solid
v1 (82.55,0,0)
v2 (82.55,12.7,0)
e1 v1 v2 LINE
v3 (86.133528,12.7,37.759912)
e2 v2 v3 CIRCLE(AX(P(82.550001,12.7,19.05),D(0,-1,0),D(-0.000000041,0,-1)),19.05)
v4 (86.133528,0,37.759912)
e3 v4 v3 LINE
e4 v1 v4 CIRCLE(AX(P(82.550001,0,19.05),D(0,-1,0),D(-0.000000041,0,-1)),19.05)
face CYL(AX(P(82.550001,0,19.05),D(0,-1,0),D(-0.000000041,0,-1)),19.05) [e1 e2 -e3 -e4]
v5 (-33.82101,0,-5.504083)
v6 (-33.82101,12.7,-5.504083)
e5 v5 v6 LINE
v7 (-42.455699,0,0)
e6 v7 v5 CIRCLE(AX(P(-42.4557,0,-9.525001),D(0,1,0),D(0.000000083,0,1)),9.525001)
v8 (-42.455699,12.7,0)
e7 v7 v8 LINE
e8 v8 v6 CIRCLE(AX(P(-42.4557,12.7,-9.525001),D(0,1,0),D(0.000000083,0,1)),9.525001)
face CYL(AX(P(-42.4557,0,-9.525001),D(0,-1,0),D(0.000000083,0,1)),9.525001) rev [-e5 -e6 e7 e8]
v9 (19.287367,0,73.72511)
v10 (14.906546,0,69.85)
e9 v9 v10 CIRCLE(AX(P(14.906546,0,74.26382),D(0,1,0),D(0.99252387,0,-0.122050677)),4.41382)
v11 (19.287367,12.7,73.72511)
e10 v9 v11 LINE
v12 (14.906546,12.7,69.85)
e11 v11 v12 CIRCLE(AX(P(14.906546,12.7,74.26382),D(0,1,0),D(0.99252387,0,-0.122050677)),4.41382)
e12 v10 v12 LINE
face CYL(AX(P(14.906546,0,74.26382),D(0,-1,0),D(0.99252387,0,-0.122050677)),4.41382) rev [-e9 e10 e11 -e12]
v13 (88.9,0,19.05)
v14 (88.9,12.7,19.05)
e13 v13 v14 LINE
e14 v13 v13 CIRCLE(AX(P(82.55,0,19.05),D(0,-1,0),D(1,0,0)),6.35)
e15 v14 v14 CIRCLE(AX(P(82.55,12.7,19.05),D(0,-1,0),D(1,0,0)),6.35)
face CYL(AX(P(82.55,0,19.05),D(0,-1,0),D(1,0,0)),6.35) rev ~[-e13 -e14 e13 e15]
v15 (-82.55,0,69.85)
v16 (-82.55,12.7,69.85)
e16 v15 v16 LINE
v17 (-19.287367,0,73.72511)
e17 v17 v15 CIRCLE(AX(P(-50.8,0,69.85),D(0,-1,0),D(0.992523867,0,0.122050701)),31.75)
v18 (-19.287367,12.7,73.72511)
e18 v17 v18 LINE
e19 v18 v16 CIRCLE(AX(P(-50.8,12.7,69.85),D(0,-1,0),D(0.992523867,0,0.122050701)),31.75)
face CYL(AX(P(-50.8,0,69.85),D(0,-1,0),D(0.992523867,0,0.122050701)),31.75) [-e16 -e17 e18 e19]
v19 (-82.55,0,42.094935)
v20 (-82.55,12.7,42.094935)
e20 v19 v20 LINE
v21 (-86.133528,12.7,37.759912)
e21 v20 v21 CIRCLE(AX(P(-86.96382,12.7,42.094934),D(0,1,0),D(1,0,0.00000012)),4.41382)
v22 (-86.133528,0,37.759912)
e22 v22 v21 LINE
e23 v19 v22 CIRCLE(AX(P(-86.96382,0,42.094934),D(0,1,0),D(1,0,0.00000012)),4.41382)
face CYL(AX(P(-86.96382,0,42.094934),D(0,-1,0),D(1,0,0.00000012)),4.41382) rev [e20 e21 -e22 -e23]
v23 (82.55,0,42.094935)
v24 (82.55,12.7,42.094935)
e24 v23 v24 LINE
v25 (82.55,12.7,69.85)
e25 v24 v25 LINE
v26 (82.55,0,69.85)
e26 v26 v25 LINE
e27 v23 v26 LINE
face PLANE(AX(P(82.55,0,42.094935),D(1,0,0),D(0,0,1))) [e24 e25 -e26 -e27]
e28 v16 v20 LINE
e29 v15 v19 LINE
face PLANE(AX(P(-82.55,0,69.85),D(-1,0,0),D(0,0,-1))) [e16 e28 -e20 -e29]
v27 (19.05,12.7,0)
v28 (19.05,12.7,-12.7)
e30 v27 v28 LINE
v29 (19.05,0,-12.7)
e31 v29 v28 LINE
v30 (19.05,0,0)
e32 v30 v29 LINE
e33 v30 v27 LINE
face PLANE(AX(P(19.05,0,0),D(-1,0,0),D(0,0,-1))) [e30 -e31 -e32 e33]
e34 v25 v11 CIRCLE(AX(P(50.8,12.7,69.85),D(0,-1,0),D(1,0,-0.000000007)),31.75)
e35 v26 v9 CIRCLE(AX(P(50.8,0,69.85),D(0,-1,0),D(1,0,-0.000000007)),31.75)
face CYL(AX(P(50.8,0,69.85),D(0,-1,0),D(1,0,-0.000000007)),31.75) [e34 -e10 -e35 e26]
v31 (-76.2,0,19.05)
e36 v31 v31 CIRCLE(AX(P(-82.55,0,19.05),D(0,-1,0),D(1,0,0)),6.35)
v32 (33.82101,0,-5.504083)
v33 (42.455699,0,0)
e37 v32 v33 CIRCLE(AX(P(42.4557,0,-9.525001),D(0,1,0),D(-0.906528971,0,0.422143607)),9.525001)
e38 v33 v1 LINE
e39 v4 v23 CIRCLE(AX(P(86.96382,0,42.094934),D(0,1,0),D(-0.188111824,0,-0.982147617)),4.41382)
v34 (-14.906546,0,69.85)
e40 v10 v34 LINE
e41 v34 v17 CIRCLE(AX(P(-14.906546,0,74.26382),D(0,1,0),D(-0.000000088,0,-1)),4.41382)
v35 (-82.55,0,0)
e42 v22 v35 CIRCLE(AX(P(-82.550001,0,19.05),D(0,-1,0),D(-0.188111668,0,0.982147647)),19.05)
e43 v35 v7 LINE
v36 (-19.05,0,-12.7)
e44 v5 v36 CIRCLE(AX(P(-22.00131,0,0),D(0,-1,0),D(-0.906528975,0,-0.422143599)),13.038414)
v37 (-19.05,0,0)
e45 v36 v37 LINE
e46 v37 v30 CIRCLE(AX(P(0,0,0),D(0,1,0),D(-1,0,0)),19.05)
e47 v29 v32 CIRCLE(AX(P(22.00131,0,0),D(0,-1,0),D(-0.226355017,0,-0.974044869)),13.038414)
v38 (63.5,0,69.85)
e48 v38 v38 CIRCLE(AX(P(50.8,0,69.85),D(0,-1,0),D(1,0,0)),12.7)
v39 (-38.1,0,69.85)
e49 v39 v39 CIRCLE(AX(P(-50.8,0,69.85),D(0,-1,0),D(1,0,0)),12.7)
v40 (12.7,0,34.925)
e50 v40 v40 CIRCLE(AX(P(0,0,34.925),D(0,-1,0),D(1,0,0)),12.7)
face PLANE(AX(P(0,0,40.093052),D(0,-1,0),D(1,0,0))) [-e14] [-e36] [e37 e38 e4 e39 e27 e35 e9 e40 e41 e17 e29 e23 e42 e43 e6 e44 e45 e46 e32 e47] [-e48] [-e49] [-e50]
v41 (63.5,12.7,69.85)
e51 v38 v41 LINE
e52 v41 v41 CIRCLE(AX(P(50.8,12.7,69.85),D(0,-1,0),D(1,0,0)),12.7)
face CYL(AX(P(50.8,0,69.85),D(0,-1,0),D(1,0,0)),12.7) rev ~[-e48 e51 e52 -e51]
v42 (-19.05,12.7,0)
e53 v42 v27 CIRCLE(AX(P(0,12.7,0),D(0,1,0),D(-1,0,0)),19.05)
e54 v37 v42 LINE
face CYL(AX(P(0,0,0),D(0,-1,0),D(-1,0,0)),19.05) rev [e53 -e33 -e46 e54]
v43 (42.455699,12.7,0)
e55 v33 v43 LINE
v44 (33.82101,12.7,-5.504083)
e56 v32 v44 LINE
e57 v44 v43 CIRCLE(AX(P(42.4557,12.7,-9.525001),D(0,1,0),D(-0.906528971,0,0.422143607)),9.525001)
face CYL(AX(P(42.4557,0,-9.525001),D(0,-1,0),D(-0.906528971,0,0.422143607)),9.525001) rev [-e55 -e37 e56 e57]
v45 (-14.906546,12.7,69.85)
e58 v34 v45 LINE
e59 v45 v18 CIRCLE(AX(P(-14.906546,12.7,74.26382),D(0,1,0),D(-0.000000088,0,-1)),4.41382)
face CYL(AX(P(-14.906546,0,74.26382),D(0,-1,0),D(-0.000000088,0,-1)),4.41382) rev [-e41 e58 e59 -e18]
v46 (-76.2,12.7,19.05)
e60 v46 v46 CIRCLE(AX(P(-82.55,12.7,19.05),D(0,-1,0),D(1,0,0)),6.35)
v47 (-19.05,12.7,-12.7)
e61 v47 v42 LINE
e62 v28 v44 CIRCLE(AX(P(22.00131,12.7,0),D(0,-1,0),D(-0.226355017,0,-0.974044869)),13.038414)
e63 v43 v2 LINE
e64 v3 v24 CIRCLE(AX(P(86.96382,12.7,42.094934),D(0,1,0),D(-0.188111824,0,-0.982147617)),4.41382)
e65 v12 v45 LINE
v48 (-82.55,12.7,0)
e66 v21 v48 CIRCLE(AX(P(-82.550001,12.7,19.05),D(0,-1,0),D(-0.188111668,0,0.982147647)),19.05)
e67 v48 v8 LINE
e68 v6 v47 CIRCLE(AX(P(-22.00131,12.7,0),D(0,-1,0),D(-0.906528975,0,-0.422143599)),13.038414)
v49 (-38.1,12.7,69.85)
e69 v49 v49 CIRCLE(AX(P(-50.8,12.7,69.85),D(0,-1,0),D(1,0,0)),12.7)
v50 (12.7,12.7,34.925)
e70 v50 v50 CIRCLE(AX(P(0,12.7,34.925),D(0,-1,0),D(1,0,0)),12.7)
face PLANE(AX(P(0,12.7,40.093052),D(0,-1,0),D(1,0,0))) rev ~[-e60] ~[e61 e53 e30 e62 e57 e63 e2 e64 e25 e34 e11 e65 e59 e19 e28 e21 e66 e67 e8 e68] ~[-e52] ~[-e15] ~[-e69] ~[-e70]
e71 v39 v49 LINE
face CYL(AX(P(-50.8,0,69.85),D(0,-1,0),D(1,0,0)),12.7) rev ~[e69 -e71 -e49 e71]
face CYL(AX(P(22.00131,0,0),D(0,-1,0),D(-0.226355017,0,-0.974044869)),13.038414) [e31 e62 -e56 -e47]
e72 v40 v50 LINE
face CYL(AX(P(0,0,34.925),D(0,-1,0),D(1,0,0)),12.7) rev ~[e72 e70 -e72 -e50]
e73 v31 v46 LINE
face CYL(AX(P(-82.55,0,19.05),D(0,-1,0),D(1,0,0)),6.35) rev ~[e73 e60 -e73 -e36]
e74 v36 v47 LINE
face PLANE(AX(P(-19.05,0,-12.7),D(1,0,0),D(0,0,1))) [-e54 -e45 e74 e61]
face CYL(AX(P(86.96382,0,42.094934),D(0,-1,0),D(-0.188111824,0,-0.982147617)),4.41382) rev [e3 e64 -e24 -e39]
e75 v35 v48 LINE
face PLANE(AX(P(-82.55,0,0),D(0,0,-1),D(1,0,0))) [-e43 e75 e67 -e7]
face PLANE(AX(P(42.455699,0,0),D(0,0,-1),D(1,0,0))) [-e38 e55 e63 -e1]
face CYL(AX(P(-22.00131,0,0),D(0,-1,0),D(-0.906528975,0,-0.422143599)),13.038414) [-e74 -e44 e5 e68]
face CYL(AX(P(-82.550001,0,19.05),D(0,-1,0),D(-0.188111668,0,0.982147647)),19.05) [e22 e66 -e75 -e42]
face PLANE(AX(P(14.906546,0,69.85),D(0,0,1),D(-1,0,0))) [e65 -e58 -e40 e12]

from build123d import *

# Parameters (mm, degrees)
F0_R     = 6.35
F0_R_2   = 12.7
F1_DEPTH = 12.7


with BuildPart() as f1:
    # F0 (on Front) → F1 (new body)
    with BuildSketch(Plane.XZ):
        with BuildLine():
            Line((14.906546, 69.85), (0, 69.85))
            Line((0, 69.85), (-14.906546, 69.85))
            ThreePointArc((-14.906546, 69.85), (-17.830929, 70.957797), (-19.287367, 73.72511))
            ThreePointArc((-19.287367, 73.72511), (-52.741186, 101.540603), (-82.55, 69.85))
            Line((-82.55, 69.85), (-82.55, 42.094935))
            ThreePointArc((-82.55, 42.094935), (-83.561867, 39.282725), (-86.133528, 37.759912))
            ThreePointArc((-86.133528, 37.759912), (-101.514788, 17.250185), (-82.55, 0))
            Line((-82.55, 0), (-42.455699, 0))
            ThreePointArc((-42.455699, 0), (-37.335817, -1.493037), (-33.82101, -5.504083))
            ThreePointArc((-33.82101, -5.504083), (-27.711599, -11.721469), (-19.05, -12.7))
            Line((-19.05, -12.7), (-19.05, 0))
            ThreePointArc((-19.05, 0), (0, 19.05), (19.05, 0))
            Line((19.05, 0), (19.05, -12.7))
            ThreePointArc((19.05, -12.7), (27.711599, -11.721469), (33.82101, -5.504083))
            ThreePointArc((33.82101, -5.504083), (37.335817, -1.493037), (42.455699, 0))
            Line((42.455699, 0), (82.55, 0))
            ThreePointArc((82.55, 0), (101.514788, 17.250185), (86.133528, 37.759912))
            ThreePointArc((86.133528, 37.759912), (83.561867, 39.282725), (82.55, 42.094935))
            Line((82.55, 42.094935), (82.55, 69.85))
            ThreePointArc((82.55, 69.85), (52.741186, 101.540603), (19.287367, 73.72511))
            ThreePointArc((19.287367, 73.72511), (17.830929, 70.957797), (14.906546, 69.85))
        make_face()
        with Locations((-82.55, 19.05)):
            Circle(F0_R, mode=Mode.SUBTRACT)
        with Locations((0, 34.925)):
            Circle(F0_R_2, mode=Mode.SUBTRACT)
        with Locations((82.55, 19.05)):
            Circle(F0_R, mode=Mode.SUBTRACT)
        with Locations((-50.8, 69.85)):
            Circle(F0_R_2, mode=Mode.SUBTRACT)
        with Locations((50.8, 69.85)):
            Circle(F0_R_2, mode=Mode.SUBTRACT)
    extrude(amount=-F1_DEPTH)


solid = f1.part
